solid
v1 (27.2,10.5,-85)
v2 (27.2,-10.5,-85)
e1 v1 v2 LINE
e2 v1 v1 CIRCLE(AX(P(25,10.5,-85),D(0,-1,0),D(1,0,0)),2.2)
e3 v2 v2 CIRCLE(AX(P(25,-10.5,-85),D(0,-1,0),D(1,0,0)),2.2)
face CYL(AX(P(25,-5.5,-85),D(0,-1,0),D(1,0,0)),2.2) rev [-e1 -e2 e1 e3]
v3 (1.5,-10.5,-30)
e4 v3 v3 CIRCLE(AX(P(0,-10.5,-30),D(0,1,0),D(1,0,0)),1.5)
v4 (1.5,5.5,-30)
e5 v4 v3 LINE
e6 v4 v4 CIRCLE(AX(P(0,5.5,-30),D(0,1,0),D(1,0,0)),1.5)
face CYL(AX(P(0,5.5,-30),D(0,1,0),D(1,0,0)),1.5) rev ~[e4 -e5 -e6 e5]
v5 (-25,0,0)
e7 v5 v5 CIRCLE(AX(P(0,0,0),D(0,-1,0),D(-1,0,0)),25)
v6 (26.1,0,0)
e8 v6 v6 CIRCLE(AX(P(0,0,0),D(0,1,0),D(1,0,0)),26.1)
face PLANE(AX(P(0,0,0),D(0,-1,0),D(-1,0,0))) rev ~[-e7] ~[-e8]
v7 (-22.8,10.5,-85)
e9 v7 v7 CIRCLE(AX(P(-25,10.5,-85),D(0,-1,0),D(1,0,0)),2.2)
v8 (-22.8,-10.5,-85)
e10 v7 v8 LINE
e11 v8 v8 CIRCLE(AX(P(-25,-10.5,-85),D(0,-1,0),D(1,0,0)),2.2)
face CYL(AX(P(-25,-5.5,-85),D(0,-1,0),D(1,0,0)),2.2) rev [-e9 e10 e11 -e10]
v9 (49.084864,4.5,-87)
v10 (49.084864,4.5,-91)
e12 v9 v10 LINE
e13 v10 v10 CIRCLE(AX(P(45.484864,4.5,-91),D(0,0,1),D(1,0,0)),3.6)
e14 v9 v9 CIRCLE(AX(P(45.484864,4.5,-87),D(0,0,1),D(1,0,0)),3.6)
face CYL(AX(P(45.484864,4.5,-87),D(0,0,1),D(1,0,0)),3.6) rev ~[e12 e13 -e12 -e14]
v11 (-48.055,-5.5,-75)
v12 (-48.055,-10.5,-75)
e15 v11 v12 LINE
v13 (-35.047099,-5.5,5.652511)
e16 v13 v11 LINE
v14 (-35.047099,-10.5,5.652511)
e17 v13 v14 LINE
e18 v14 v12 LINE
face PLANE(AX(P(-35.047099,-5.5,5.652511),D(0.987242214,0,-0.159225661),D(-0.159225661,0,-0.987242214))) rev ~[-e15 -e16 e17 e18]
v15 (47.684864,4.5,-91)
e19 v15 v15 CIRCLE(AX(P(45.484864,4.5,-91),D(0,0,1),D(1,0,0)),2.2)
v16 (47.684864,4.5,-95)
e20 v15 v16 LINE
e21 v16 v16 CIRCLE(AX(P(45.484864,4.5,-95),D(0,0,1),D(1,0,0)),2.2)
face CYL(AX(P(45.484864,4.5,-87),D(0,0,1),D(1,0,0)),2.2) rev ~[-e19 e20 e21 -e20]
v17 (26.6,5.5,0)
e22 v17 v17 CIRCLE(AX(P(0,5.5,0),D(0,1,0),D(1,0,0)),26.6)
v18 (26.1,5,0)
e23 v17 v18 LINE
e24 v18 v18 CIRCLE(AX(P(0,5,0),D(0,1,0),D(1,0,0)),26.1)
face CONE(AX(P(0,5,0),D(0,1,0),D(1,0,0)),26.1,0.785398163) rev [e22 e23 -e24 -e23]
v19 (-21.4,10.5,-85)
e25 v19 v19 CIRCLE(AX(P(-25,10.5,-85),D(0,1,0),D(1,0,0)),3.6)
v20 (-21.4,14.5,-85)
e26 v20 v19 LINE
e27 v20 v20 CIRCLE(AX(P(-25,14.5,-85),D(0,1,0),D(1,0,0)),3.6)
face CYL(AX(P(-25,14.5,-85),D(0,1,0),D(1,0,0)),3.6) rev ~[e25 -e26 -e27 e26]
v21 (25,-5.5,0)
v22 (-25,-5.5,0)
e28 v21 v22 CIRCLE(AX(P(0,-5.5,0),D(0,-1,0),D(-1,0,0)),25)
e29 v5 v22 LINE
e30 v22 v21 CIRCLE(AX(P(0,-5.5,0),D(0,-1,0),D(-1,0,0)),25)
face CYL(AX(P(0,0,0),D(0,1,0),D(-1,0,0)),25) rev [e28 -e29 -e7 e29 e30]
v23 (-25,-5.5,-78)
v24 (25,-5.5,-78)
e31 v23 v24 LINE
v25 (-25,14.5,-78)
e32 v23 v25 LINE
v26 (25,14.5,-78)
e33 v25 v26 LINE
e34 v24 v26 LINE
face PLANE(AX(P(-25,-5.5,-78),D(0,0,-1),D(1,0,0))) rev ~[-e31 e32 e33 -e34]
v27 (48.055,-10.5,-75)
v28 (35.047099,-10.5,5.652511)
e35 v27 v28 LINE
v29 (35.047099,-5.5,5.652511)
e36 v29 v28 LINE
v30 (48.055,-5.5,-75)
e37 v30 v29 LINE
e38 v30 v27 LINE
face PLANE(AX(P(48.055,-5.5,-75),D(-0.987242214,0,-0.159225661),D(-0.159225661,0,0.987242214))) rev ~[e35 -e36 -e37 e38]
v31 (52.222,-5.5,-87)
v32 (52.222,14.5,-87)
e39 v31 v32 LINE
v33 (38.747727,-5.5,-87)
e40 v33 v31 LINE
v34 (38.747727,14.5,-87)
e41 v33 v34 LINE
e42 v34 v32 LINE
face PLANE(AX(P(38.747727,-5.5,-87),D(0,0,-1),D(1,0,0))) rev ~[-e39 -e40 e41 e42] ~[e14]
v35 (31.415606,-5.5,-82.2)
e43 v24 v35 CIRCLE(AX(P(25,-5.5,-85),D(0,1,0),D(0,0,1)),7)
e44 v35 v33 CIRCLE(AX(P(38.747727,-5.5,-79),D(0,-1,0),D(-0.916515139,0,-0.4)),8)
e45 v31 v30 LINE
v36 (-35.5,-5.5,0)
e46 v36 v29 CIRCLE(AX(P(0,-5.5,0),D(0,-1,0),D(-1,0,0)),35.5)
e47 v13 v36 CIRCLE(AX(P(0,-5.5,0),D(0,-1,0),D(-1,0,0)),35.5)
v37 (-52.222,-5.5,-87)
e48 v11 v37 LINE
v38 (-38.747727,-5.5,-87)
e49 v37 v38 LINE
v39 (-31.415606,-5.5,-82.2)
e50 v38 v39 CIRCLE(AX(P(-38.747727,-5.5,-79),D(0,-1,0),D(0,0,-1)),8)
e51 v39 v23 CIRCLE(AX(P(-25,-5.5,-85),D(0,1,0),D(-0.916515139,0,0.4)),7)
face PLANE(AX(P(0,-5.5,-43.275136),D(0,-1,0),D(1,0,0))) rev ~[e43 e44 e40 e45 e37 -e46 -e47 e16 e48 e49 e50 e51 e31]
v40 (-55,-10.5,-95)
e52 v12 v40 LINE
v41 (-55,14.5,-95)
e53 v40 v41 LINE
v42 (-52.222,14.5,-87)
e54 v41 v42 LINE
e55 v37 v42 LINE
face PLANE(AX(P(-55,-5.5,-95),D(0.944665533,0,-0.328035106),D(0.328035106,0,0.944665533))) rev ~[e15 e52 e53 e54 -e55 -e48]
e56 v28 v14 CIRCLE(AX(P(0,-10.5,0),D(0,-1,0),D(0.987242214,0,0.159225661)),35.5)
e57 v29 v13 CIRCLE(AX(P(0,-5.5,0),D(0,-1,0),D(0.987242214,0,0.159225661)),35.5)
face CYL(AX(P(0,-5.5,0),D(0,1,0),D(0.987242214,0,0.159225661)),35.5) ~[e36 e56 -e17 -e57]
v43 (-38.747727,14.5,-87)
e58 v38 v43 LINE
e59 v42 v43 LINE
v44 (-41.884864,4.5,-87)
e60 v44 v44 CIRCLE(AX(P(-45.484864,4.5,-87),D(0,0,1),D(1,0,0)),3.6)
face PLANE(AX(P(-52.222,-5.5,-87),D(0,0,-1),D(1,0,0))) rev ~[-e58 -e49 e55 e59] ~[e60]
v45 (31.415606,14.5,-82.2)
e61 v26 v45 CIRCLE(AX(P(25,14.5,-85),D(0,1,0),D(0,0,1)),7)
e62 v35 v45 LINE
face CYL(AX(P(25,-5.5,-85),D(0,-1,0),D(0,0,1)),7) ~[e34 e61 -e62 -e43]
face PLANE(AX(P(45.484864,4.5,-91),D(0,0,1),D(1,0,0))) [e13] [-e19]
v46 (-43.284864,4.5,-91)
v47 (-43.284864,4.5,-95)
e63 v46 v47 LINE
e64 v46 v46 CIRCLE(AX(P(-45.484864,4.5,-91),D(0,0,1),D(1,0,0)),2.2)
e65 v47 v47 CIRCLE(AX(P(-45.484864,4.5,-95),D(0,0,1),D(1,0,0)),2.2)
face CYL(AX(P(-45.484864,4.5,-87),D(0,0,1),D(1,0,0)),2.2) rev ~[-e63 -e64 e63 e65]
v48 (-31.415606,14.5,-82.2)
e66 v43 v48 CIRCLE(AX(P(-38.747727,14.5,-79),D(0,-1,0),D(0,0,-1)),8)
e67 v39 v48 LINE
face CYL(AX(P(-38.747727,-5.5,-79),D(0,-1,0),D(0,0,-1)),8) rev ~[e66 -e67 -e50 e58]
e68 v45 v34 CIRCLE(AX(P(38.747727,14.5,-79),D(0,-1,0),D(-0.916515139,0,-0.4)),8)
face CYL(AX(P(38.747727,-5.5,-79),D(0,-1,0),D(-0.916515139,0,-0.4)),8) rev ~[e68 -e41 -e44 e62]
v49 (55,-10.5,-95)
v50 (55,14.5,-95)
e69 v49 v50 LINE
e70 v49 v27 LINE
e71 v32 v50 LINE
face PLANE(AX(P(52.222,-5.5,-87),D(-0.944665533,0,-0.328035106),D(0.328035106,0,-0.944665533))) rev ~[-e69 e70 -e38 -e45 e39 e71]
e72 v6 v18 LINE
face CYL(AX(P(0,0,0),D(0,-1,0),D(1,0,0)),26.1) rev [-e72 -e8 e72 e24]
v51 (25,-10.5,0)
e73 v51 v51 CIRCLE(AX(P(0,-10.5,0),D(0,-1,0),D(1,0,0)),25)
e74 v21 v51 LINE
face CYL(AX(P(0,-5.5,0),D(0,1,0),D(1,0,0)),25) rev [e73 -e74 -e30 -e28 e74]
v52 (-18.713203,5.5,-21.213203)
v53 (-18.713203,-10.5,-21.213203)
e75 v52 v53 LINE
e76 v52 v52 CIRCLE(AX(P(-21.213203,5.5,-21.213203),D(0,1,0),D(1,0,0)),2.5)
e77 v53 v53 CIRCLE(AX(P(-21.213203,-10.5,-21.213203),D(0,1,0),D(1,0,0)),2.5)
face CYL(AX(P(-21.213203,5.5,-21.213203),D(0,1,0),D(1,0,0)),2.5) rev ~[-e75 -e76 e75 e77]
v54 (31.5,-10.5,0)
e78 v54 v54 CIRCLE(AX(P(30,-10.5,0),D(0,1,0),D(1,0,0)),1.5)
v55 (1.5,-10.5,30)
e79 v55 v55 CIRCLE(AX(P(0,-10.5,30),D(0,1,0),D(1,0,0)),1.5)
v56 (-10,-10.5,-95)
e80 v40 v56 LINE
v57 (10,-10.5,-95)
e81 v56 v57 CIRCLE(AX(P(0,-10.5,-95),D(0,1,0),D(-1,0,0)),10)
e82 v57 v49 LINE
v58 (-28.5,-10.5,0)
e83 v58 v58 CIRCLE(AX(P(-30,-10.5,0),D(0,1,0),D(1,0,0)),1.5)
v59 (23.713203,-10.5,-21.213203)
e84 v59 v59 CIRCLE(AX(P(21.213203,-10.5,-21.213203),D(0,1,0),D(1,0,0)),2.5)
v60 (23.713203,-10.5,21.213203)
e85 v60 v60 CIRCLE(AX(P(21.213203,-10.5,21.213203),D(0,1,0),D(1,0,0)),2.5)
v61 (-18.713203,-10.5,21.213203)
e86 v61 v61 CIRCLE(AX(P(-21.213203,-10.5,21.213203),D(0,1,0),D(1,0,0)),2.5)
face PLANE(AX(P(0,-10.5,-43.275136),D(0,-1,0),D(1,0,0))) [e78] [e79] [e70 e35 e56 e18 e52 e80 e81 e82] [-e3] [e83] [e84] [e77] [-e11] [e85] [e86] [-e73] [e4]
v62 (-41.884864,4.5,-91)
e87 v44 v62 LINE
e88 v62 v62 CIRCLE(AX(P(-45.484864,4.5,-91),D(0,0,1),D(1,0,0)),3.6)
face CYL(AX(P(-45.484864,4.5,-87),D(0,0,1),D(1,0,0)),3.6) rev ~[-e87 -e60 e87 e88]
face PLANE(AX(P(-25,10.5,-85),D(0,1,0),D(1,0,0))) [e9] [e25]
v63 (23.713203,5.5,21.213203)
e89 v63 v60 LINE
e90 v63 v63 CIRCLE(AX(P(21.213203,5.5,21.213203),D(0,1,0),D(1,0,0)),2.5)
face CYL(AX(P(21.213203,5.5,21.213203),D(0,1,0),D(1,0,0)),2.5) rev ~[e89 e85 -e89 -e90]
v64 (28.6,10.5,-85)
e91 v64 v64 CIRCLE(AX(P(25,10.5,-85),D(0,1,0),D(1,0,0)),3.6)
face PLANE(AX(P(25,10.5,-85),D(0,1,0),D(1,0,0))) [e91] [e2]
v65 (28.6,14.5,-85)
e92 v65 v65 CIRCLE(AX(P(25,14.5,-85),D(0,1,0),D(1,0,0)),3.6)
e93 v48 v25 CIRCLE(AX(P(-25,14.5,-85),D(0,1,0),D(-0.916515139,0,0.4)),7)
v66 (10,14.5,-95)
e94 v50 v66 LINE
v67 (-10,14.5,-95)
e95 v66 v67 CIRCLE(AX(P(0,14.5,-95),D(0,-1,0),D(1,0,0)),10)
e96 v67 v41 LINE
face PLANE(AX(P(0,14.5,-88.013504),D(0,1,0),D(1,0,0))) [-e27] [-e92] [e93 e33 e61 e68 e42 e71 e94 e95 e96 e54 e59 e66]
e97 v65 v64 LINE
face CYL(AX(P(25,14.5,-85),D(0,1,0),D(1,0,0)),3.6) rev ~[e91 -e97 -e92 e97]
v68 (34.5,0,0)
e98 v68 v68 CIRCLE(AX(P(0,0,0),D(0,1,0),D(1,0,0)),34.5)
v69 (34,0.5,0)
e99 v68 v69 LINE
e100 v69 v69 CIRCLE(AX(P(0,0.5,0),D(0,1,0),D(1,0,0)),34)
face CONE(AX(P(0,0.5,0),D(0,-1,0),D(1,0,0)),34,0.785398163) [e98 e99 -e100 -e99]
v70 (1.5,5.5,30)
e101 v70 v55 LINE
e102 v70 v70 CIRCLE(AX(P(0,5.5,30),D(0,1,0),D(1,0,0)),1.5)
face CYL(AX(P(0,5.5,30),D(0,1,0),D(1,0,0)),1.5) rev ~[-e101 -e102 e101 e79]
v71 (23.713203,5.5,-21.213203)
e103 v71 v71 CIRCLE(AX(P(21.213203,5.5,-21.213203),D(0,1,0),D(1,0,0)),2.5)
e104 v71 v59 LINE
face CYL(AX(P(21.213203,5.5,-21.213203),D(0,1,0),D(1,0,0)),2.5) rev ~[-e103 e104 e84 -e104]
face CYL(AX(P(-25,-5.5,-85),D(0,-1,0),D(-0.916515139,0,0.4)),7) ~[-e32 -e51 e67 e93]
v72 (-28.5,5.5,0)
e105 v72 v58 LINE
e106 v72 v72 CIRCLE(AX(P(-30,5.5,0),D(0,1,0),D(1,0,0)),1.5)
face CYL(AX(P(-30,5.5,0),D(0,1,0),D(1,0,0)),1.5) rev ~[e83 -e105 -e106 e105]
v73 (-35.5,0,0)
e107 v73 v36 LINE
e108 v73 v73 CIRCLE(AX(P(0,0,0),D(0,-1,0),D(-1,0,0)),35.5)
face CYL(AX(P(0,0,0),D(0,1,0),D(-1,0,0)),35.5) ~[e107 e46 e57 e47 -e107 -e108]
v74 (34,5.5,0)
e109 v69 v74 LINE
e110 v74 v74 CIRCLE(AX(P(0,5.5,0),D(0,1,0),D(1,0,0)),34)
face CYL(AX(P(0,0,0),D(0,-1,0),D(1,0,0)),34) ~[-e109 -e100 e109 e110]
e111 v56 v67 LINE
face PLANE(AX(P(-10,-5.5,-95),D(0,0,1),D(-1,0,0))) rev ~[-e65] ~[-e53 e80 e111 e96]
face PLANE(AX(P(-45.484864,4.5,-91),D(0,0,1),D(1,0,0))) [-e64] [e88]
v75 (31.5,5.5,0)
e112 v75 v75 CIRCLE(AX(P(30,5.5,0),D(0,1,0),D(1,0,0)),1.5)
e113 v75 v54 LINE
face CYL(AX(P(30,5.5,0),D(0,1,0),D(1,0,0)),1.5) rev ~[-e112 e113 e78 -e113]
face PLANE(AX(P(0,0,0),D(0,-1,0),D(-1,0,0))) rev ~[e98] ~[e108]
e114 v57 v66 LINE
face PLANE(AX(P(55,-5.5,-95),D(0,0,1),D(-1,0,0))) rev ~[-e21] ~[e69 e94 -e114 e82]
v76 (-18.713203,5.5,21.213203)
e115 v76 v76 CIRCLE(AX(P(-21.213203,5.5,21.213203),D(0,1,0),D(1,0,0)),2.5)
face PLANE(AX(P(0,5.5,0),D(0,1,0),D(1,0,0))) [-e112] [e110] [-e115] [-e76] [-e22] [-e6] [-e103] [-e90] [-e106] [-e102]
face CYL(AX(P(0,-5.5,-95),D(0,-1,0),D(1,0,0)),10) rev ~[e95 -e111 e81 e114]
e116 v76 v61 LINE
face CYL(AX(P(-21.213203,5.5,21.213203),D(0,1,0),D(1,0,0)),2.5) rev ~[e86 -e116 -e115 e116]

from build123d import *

# Parameters (mm, degrees)
SKETCH1_R           = 34
SKETCH1_R_2         = 26.1
BOSS_EXTRUDE1_DEPTH = 5.5
SKETCH2_R           = 35.5
SKETCH2_R_2         = 25
BOSS_EXTRUDE2_DEPTH = 5.5
SKETCH3_R           = 25
SKETCH3_R_2         = 2.2
BOSS_EXTRUDE3_DEPTH = 5
CHAMFER1_SIZE       = 0.5
SKETCH5_R           = 2.5
SKETCH5_R_2         = 1.5
CUT_EXTRUDE1_DEPTH  = 17
SKETCH6_R           = 2.2
BOSS_EXTRUDE4_DEPTH = 20
SKETCH7_R           = 3.6
CUT_EXTRUDE2_DEPTH  = 4
SKETCH8_R           = 2.2
CUT_EXTRUDE3_DEPTH  = 8
SKETCH9_R           = 3.6
CUT_EXTRUDE4_DEPTH  = 4


with BuildPart() as part:
    # Sketch1 → Boss-Extrude1 (new body)
    with BuildSketch(Plane(origin=(0, 0, 0), x_dir=(1, 0, 0), z_dir=(0, 1, 0))):
        Circle(SKETCH1_R)
        Circle(SKETCH1_R_2, mode=Mode.SUBTRACT)
    extrude(amount=BOSS_EXTRUDE1_DEPTH)

    # Sketch2 → Boss-Extrude2 (add)
    with BuildSketch(Plane(origin=(0, 0, 0), x_dir=(-1, 0, 0), z_dir=(0, -1, 0))):
        Circle(SKETCH2_R)
        Circle(SKETCH2_R_2, mode=Mode.SUBTRACT)
    extrude(amount=BOSS_EXTRUDE2_DEPTH)

    # Sketch3 → Boss-Extrude3 (add)
    with BuildSketch(Plane.XZ.offset(5.5)):
        with BuildLine():
            Line((-55, -95), (-10, -95))
            ThreePointArc((-10, -95), (0, -85), (10, -95))
            Line((10, -95), (55, -95))
            Line((55, -95), (48.055, -75))
            Line((48.055, -75), (35.047098592, 5.652510971))
            ThreePointArc((35.047098592, 5.652510971), (0, 35.5), (-35.047098592, 5.652510971))
            Line((-35.047098592, 5.652510971), (-48.055, -75))
            Line((-48.055, -75), (-55, -95))
        make_face()
        Circle(SKETCH3_R, mode=Mode.SUBTRACT)
        with Locations((-25, -85)):
            Circle(SKETCH3_R_2, mode=Mode.SUBTRACT)
        with Locations((25, -85)):
            Circle(SKETCH3_R_2, mode=Mode.SUBTRACT)
    extrude(amount=BOSS_EXTRUDE3_DEPTH)

    # Chamfer1
    chamfer1_edges = [part.edges().sort_by_distance(p)[0] for p in [
        (-34, 0, 0),
        (-26.1, 5.5, 0),
    ]]
    chamfer(chamfer1_edges, length=CHAMFER1_SIZE)

    # Sketch5 → Cut-Extrude1 (cut, through all)
    with BuildSketch(Plane(origin=(0, 5.5, 0), x_dir=(1, 0, 0), z_dir=(0, 1, 0))):
        with Locations((21.213203436, 21.213203436)):
            Circle(SKETCH5_R)
        with Locations((0, 30)):
            Circle(SKETCH5_R_2)
        with Locations((30, 0)):
            Circle(SKETCH5_R_2)
        with Locations((0, -30)):
            Circle(SKETCH5_R_2)
        with Locations((-30, 0)):
            Circle(SKETCH5_R_2)
        with Locations((21.213203436, -21.213203436)):
            Circle(SKETCH5_R)
        with Locations((-21.213203436, -21.213203436)):
            Circle(SKETCH5_R)
        with Locations((-21.213203436, 21.213203436)):
            Circle(SKETCH5_R)
    extrude(amount=-CUT_EXTRUDE1_DEPTH, mode=Mode.SUBTRACT)

    # Sketch6 → Boss-Extrude4 (add)
    with BuildSketch(Plane(origin=(0, -5.5, 0), x_dir=(1, 0, 0), z_dir=(0, 1, 0))):
        with BuildLine():
            Line((52.222, 87), (55, 95))
            Line((55, 95), (10, 95))
            ThreePointArc((10, 95), (0, 85), (-10, 95))
            Line((-10, 95), (-55, 95))
            Line((-55, 95), (-52.222, 87))
            Line((-52.222, 87), (-38.747727085, 87))
            ThreePointArc((-38.747727085, 87), (-34.365946625, 85.693280212), (-31.415605973, 82.2))
            ThreePointArc((-31.415605973, 82.2), (-28.834057903, 79.143379814), (-25, 78))
            Line((-25, 78), (25, 78))
            ThreePointArc((25, 78), (28.834057903, 79.143379814), (31.415605973, 82.2))
            ThreePointArc((31.415605973, 82.2), (34.365946625, 85.693280212), (38.747727085, 87))
            Line((38.747727085, 87), (52.222, 87))
        make_face()
        with Locations((-25, 85)):
            Circle(SKETCH6_R, mode=Mode.SUBTRACT)
        with Locations((25, 85)):
            Circle(SKETCH6_R, mode=Mode.SUBTRACT)
    extrude(amount=BOSS_EXTRUDE4_DEPTH)

    # Sketch7 → Cut-Extrude2 (cut)
    with BuildSketch(Plane(origin=(0, 14.5, 0), x_dir=(1, 0, 0), z_dir=(0, 1, 0))):
        with Locations((25, 85)):
            Circle(SKETCH7_R)
        with Locations((-25, 85)):
            Circle(SKETCH7_R)
    extrude(amount=-CUT_EXTRUDE2_DEPTH, mode=Mode.SUBTRACT)

    # Sketch8 → Cut-Extrude3 (cut)
    with BuildSketch(Plane.XY.offset(-87)):
        with Locations((-45.484863542, 4.5)):
            Circle(SKETCH8_R)
        with Locations((45.484863542, 4.5)):
            Circle(SKETCH8_R)
    extrude(amount=-CUT_EXTRUDE3_DEPTH, mode=Mode.SUBTRACT)

    # Sketch9 → Cut-Extrude4 (cut)
    with BuildSketch(Plane.XY.offset(-87)):
        with Locations((-45.484863542, 4.5)):
            Circle(SKETCH9_R)
        with Locations((45.484863542, 4.5)):
            Circle(SKETCH9_R)
    extrude(amount=-CUT_EXTRUDE4_DEPTH, mode=Mode.SUBTRACT)


solid = part.part
